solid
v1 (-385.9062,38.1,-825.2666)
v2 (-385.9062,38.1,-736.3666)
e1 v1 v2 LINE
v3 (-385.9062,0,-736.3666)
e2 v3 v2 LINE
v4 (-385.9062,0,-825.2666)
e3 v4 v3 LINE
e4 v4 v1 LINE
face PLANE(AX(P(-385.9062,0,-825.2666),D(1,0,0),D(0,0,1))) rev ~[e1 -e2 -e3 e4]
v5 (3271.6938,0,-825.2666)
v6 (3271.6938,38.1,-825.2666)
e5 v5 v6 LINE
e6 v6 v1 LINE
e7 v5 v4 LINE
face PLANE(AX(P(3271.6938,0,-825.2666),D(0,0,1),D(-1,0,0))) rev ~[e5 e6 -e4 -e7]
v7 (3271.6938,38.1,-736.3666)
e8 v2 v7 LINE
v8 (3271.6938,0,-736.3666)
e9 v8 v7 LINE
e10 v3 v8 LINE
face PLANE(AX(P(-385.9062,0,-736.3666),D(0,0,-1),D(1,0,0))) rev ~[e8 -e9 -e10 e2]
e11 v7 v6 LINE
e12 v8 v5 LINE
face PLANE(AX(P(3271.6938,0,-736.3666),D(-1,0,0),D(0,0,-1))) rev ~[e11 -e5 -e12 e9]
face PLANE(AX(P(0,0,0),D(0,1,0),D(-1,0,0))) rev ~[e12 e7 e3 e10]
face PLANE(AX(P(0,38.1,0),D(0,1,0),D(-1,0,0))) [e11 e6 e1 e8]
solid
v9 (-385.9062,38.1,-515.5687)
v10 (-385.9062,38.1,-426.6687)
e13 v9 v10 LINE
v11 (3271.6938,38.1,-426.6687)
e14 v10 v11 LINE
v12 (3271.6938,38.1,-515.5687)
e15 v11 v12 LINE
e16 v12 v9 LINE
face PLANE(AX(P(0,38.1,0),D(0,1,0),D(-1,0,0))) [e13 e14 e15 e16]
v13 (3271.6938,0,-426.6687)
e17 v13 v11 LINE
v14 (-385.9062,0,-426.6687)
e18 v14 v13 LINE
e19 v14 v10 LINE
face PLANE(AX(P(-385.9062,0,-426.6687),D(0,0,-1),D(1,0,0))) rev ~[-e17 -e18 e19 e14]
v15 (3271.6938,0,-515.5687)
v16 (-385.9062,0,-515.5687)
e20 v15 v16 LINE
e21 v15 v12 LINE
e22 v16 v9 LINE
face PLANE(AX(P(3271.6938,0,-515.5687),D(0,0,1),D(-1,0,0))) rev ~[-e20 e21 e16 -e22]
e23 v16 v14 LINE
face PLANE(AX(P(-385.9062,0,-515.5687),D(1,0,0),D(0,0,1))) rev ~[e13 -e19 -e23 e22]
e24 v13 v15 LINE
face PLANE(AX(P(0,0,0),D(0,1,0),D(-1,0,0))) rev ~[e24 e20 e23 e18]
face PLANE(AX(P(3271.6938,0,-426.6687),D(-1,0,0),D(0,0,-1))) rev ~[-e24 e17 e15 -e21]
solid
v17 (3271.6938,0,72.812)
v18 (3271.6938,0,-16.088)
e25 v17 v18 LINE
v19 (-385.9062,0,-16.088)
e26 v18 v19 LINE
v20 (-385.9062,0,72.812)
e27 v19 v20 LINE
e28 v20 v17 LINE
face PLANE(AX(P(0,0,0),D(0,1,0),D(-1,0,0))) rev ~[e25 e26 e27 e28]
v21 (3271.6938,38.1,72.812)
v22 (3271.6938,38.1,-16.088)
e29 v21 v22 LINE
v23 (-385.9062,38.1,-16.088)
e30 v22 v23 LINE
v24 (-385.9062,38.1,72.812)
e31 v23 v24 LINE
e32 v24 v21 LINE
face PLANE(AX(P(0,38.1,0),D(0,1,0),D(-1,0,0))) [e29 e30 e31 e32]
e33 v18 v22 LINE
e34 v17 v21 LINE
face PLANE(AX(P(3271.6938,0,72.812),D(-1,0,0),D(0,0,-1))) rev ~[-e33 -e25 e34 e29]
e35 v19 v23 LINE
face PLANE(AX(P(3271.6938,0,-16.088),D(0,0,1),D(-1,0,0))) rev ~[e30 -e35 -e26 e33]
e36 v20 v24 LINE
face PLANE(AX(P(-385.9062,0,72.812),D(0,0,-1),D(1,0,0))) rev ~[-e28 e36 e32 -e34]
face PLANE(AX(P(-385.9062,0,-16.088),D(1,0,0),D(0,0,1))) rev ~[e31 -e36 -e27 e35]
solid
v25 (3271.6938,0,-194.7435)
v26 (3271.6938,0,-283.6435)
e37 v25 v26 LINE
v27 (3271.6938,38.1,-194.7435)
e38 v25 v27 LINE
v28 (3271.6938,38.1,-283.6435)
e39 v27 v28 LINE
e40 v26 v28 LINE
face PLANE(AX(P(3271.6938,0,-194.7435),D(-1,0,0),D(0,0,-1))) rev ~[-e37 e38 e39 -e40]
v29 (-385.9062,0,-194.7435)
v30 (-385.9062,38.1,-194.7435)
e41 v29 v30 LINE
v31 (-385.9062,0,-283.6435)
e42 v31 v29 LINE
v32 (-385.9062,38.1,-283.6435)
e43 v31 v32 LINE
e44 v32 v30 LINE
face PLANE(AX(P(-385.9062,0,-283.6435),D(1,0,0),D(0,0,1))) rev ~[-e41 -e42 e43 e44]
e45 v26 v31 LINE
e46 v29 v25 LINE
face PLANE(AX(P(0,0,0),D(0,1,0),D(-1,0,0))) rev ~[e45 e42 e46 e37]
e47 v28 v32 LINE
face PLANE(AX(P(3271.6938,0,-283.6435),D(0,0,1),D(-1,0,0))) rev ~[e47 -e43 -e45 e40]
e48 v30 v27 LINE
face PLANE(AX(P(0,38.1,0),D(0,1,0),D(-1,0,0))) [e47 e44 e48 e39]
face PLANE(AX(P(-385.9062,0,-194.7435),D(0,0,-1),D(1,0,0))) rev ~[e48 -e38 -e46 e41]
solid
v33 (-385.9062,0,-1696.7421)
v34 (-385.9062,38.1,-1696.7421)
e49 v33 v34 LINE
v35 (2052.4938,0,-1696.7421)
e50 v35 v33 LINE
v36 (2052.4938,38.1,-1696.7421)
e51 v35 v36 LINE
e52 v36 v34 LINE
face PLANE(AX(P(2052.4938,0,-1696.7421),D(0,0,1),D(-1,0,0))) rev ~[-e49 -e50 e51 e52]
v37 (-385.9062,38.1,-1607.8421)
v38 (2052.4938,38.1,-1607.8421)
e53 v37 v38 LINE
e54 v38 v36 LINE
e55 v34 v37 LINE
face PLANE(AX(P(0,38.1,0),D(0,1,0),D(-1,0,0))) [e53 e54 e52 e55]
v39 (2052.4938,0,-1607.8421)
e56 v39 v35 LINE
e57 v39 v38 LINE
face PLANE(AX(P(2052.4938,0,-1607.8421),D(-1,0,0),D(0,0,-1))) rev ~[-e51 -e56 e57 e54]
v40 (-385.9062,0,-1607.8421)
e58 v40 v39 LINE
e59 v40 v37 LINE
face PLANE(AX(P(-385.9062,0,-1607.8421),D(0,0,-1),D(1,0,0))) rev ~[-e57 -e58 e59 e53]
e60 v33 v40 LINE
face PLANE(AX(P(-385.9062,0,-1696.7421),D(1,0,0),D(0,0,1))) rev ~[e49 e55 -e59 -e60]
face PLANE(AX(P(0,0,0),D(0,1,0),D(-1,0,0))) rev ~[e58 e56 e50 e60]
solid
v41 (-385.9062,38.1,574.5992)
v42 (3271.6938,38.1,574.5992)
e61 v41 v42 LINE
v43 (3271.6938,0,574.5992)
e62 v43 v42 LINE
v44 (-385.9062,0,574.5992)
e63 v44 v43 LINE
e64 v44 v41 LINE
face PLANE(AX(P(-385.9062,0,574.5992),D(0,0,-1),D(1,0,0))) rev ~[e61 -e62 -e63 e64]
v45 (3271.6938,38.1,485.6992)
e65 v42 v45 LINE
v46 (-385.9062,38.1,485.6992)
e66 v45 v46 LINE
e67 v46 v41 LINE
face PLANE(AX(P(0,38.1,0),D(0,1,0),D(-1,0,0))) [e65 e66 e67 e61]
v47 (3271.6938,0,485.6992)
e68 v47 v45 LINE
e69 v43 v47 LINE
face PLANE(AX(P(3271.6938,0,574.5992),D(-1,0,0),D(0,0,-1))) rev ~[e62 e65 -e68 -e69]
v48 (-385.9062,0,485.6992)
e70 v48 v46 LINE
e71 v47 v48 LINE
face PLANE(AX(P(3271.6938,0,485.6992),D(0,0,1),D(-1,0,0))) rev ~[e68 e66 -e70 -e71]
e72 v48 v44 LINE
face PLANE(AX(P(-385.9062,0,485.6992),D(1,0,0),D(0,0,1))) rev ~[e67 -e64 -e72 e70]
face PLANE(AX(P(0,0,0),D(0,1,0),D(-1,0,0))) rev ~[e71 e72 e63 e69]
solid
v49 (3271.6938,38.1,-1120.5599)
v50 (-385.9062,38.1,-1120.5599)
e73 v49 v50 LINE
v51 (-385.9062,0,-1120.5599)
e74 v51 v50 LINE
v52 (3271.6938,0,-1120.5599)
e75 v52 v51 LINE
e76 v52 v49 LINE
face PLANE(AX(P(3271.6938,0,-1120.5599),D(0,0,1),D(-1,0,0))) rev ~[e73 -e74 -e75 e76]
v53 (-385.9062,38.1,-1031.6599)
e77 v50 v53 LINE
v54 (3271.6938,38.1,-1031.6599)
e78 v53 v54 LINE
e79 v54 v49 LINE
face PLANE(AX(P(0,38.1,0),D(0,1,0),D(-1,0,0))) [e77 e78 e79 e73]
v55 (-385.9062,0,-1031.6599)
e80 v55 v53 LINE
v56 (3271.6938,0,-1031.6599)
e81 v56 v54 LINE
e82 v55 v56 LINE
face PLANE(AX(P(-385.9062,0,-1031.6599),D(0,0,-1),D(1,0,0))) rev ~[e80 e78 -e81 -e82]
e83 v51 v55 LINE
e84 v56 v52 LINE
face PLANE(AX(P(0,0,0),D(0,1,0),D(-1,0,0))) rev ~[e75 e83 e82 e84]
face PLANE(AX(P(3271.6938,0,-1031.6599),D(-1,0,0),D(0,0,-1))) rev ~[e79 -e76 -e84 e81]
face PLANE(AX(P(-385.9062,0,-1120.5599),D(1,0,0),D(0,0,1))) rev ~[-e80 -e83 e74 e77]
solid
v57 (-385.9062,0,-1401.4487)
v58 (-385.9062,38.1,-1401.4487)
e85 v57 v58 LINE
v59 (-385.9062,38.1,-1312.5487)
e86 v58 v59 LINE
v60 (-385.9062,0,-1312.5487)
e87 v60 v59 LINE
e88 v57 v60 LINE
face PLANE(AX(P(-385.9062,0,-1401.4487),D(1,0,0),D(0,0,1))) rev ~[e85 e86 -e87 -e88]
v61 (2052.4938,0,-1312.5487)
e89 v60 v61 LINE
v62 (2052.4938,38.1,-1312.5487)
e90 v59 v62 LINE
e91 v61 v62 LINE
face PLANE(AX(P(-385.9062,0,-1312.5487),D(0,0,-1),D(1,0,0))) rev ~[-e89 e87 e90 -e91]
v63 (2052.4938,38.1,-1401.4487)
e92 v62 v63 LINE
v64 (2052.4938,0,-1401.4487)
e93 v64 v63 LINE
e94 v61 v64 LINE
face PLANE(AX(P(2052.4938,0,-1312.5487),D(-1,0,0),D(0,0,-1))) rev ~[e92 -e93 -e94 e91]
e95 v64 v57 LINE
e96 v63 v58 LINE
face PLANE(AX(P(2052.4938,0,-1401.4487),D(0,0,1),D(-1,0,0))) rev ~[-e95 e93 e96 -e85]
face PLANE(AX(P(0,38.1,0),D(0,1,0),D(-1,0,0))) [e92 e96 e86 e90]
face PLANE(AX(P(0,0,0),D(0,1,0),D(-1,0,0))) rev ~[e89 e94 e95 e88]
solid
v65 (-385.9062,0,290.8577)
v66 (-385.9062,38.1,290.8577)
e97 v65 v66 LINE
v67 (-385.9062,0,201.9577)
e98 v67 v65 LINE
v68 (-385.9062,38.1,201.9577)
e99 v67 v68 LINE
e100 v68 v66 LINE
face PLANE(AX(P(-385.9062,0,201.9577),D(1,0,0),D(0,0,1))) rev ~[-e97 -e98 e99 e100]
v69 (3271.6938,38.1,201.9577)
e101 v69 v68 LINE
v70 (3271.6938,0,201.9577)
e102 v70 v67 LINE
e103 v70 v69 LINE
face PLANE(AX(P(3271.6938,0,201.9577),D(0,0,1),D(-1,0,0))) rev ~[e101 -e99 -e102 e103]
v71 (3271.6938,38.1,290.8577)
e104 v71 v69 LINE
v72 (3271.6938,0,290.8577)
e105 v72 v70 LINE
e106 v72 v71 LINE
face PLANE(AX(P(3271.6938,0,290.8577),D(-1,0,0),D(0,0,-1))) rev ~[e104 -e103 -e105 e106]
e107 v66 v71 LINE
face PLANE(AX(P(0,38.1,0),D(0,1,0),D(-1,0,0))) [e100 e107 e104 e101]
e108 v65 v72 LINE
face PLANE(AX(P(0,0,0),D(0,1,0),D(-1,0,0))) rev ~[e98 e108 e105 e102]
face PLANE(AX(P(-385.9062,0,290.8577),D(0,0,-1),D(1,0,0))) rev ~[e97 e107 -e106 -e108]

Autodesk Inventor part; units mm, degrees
ref_plane "YZ Plane" through (0, 0, 0) normal (1, 0, 0) x (0, 1, 0)
ref_plane "XZ Plane" through (0, 0, 0) normal (0, 1, 0) x (-1, 0, 0)
ref_plane "XY Plane" through (0, 0, 0) normal (0, 0, 1) x (1, 0, 0)
sketch "Sketch1" plane through (0, 0, 0) normal (0, 1, 0) x (-1, 0, 0)
  line L0 (385.9062, 574.5992) -> (-3271.6938, 574.5992)
  line L1 (-3271.6938, 574.5992) -> (-3271.6938, 485.6992)
  line L2 (-3271.6938, 485.6992) -> (385.9062, 485.6992)
  line L3 (385.9062, 485.6992) -> (385.9062, 574.5992)
  line L4 (385.9062, 290.8577) -> (-3271.6938, 290.8577)
  line L5 (-3271.6938, 290.8577) -> (-3271.6938, 201.9577)
  line L6 (-3271.6938, 201.9577) -> (385.9062, 201.9577)
  line L7 (385.9062, 201.9577) -> (385.9062, 290.8577)
  line L8 (385.9062, 72.812) -> (-3271.6938, 72.812)
  line L9 (-3271.6938, 72.812) -> (-3271.6938, -16.088)
  line L10 (-3271.6938, -16.088) -> (385.9062, -16.088)
  line L11 (385.9062, -16.088) -> (385.9062, 72.812)
  line L12 (385.9062, -194.7435) -> (-3271.6938, -194.7435)
  line L13 (-3271.6938, -194.7435) -> (-3271.6938, -283.6435)
  line L14 (-3271.6938, -283.6435) -> (385.9062, -283.6435)
  line L15 (385.9062, -283.6435) -> (385.9062, -194.7435)
  line L16 (385.9062, -426.6687) -> (-3271.6938, -426.6687)
  line L17 (-3271.6938, -426.6687) -> (-3271.6938, -515.5687)
  line L18 (-3271.6938, -515.5687) -> (385.9062, -515.5687)
  line L19 (385.9062, -515.5687) -> (385.9062, -426.6687)
  line L20 (385.9062, -736.3666) -> (-3271.6938, -736.3666)
  line L21 (-3271.6938, -736.3666) -> (-3271.6938, -825.2666)
  line L22 (-3271.6938, -825.2666) -> (385.9062, -825.2666)
  line L23 (385.9062, -825.2666) -> (385.9062, -736.3666)
  line L24 (385.9062, -1031.6599) -> (-3271.6938, -1031.6599)
  line L25 (-3271.6938, -1031.6599) -> (-3271.6938, -1120.5599)
  line L26 (-3271.6938, -1120.5599) -> (385.9062, -1120.5599)
  line L27 (385.9062, -1120.5599) -> (385.9062, -1031.6599)
  line L28 (385.9062, -1312.5487) -> (-2052.4938, -1312.5487)
  line L29 (-2052.4938, -1312.5487) -> (-2052.4938, -1401.4487)
  line L30 (-2052.4938, -1401.4487) -> (385.9062, -1401.4487)
  line L31 (385.9062, -1401.4487) -> (385.9062, -1312.5487)
  line L32 (385.9062, -1607.8421) -> (-2052.4938, -1607.8421)
  line L33 (-2052.4938, -1607.8421) -> (-2052.4938, -1696.7421)
  line L34 (-2052.4938, -1696.7421) -> (385.9062, -1696.7421)
  line L35 (385.9062, -1696.7421) -> (385.9062, -1607.8421)
  point P0 (0, 0)
extrude "Extrusion1" add sketch "Sketch1" along normal blind 38.1
sketch "Sketch2" plane through (0, 38.1, 0) normal (0, 1, 0) x (1, 0, 0)
  line L0 (-385.9062, -574.5992) -> (3271.6938, -574.5992) projected
  line L1 (3271.6938, -485.6992) -> (-385.9062, -485.6992) projected
  line L2 (-385.9062, -574.5992) -> (655.4938, -574.5992)
  line L3 (655.4938, -574.5992) -> (655.4938, -485.6992)
  line L4 (655.4938, -485.6992) -> (-385.9062, -485.6992)
  line L5 (-385.9062, -485.6992) -> (-385.9062, -574.5992)
  line L6 (655.4938, -574.5992) -> (1696.8938, -574.5992)
  line L7 (1696.8938, -574.5992) -> (1696.8938, -485.6992)
  line L8 (1696.8938, -485.6992) -> (655.4938, -485.6992)
  line L9 (655.4938, -485.6992) -> (655.4938, -574.5992)
  line L10 (1696.8938, -574.5992) -> (2738.2938, -574.5992)
  line L11 (2738.2938, -574.5992) -> (2738.2938, -485.6992)
  line L12 (2738.2938, -485.6992) -> (1696.8938, -485.6992)
  line L13 (1696.8938, -485.6992) -> (1696.8938, -574.5992)
  line L14 (2738.2938, -574.5992) -> (3195.4938, -574.5992)
  line L15 (3195.4938, -574.5992) -> (3195.4938, -485.6992)
  line L16 (3195.4938, -485.6992) -> (2738.2938, -485.6992)
  line L17 (2738.2938, -485.6992) -> (2738.2938, -574.5992)
  point P0 (0, 0)
  dimension "d14" = 1041.4
  dimension "d15" = 1041.4
  dimension "d16" = 1041.4
  dimension "d17" = 457.2
sketch "Sketch3" plane through (0, 38.1, 0) normal (0, 1, 0) x (1, 0, 0)
  point P0 (0, 0)
sketch "Sketch4" plane through (0, 38.1, 0) normal (0, 1, 0) x (1, 0, 0)
  line L0 (-385.9062, 1312.5487) -> (2052.4938, 1312.5487) projected
  line L1 (-385.9062, 1312.5487) -> (833.2938, 1312.5487)
  line L2 (833.2938, 1312.5487) -> (744.3938, 1312.5487)
  line L3 (833.2938, 1312.5487) -> (833.2938, 1401.4487)
  line L4 (2052.4938, 1401.4487) -> (-385.9062, 1401.4487) projected
  line L5 (-385.9062, 1607.8421) -> (2052.4938, 1607.8421) projected
  line L6 (2052.4938, 1696.7421) -> (-385.9062, 1696.7421) projected
  line L7 (-385.9062, 1607.8421) -> (833.2938, 1607.8421)
  line L8 (833.2938, 1607.8421) -> (833.2938, 1696.7421)
  line L9 (833.2938, 1696.7421) -> (-385.9062, 1696.7421)
  line L10 (-385.9062, 1696.7421) -> (-385.9062, 1607.8421)
  line L11 (1180.5013, 1687.0985) -> (2076.0674, 1687.0985) construction
  line L12 (2076.0674, 1687.0985) -> (2076.0674, 1614.1334) construction
  line L13 (2076.0674, 1614.1334) -> (1180.5013, 1614.1334) construction
  line L14 (1180.5013, 1614.1334) -> (1180.5013, 1687.0985) construction
  point P0 (0, 0)
  dimension "d20" = 1219.2
  dimension "d21" = 1219.2
  dimension "d22" = 1219.2
sketch "Sketch5" plane through (0, 38.1, 0) normal (0, 1, 0) x (1, 0, 0)
  line L0 (-385.9062, -290.8577) -> (3271.6938, -290.8577) projected
  line L1 (3271.6938, -201.9577) -> (-385.9062, -201.9577) projected
  line L2 (-385.9062, -290.8577) -> (1315.8938, -290.8577)
  line L3 (1315.8938, -201.9577) -> (-385.9062, -201.9577)
  line L4 (-385.9062, -201.9577) -> (-385.9062, -290.8577)
  line L5 (-385.9062, -290.8577) -> (160.1938, -290.8577)
  line L6 (160.1938, -290.8577) -> (160.1938, -201.9577)
  line L7 (160.1938, -201.9577) -> (-385.9062, -201.9577)
  line L8 (-385.9062, -201.9577) -> (-385.9062, -290.8577)
  line L9 (160.1938, -290.8577) -> (680.8938, -290.8577)
  line L10 (680.8938, -290.8577) -> (680.8938, -201.9577)
  line L11 (680.8938, -201.9577) -> (160.1938, -201.9577)
  line L12 (160.1938, -201.9577) -> (160.1938, -290.8577)
  line L13 (932.1842, -223.6309) -> (1676.0985, -223.6309) construction
  line L14 (1676.0985, -223.6309) -> (1676.0985, -290.8577) construction
  line L15 (1676.0985, -290.8577) -> (932.1842, -290.8577) construction
  line L16 (932.1842, -290.8577) -> (932.1842, -223.6309) construction
  line L17 (3271.6938, 16.088) -> (-385.9062, 16.088) projected
  line L18 (-385.9062, -72.812) -> (833.2938, -72.812)
  line L19 (833.2938, -72.812) -> (833.2938, 16.088)
  line L20 (833.2938, 16.088) -> (-385.9062, 16.088)
  line L21 (-385.9062, 16.088) -> (-385.9062, -72.812)
  line L22 (833.2938, -72.812) -> (1442.8938, -72.812)
  line L23 (1442.8938, -72.812) -> (1442.8938, 16.088)
  line L24 (1442.8938, 16.088) -> (833.2938, 16.088)
  line L25 (833.2938, 16.088) -> (833.2938, -72.812)
  line L26 (1670.5598, 2.7748) -> (2044.3097, 2.7748) construction
  line L27 (2044.3097, 2.7748) -> (2044.3097, -71.9751) construction
  line L28 (2044.3097, -71.9751) -> (1670.5598, -71.9751) construction
  line L29 (1670.5598, -71.9751) -> (1670.5598, 2.7748) construction
  line L30 (1674.5456, 270.567) -> (2048.2955, 270.567) construction
  line L31 (2048.2955, 270.567) -> (2048.2955, 195.8171) construction
  line L32 (2048.2955, 195.8171) -> (1674.5456, 195.8171) construction
  line L33 (1674.5456, 195.8171) -> (1674.5456, 270.567) construction
  line L34 (-385.9062, 283.6435) -> (-385.9062, 194.7435) projected
  line L35 (3271.6938, 283.6435) -> (-385.9062, 283.6435) projected
  line L36 (-385.9062, 194.7435) -> (833.2938, 194.7435)
  line L37 (833.2938, 194.7435) -> (833.2938, 283.6435)
  line L38 (833.2938, 283.6435) -> (-385.9062, 283.6435)
  line L39 (-385.9062, 283.6435) -> (-385.9062, 194.7435)
  line L40 (3271.6938, 515.5687) -> (-385.9062, 515.5687) projected
  line L41 (-385.9062, 426.6687) -> (655.4938, 426.6687)
  line L42 (655.4938, 426.6687) -> (655.4938, 515.5687)
  line L43 (655.4938, 515.5687) -> (-385.9062, 515.5687)
  line L44 (-385.9062, 515.5687) -> (-385.9062, 426.6687)
  line L45 (1112.7606, 503.511) -> (1856.6748, 503.511) construction
  line L46 (1856.6748, 503.511) -> (1856.6748, 436.2841) construction
  line L47 (1856.6748, 436.2841) -> (1112.7606, 436.2841) construction
  line L48 (1112.7606, 436.2841) -> (1112.7606, 503.511) construction
  line L49 (3271.6938, 825.2666) -> (-385.9062, 825.2666) projected
  line L50 (-385.9062, 736.3666) -> (833.2938, 736.3666)
  line L51 (833.2938, 736.3666) -> (833.2938, 825.2666)
  line L52 (833.2938, 825.2666) -> (-385.9062, 825.2666)
  line L53 (-385.9062, 825.2666) -> (-385.9062, 736.3666)
  line L54 (833.2938, 736.3666) -> (2052.4938, 736.3666)
  line L55 (2052.4938, 736.3666) -> (2052.4938, 825.2666)
  line L56 (2052.4938, 825.2666) -> (833.2938, 825.2666)
  line L57 (833.2938, 825.2666) -> (833.2938, 736.3666)
  line L58 (2052.4938, 736.3666) -> (3271.6938, 736.3666)
  line L59 (3271.6938, 736.3666) -> (3271.6938, 825.2666)
  line L60 (3271.6938, 825.2666) -> (2052.4938, 825.2666)
  line L61 (2052.4938, 825.2666) -> (2052.4938, 736.3666)
  line L62 (3271.6938, 1031.6599) -> (3271.6938, 1120.5599) projected
  line L63 (-385.9062, 1031.6599) -> (3271.6938, 1031.6599) projected
  line L64 (3271.6938, 1120.5599) -> (2052.4938, 1120.5599)
  line L65 (2052.4938, 1120.5599) -> (2052.4938, 1031.6599)
  line L66 (2052.4938, 1031.6599) -> (3271.6938, 1031.6599)
  line L67 (3271.6938, 1031.6599) -> (3271.6938, 1120.5599)
  line L68 (2052.4938, 1120.5599) -> (833.2938, 1120.5599)
  line L69 (833.2938, 1120.5599) -> (833.2938, 1031.6599)
  line L70 (833.2938, 1031.6599) -> (2052.4938, 1031.6599)
  line L71 (2052.4938, 1031.6599) -> (2052.4938, 1120.5599)
  line L72 (833.2938, 1031.6599) -> (-385.9062, 1031.6599)
  line L73 (-385.9062, 1031.6599) -> (-385.9062, 1120.5599)
  line L74 (-385.9062, 1120.5599) -> (833.2938, 1120.5599)
  line L75 (833.2938, 1120.5599) -> (833.2938, 1031.6599)
  line L76 (833.2938, 194.7435) -> (1423.8438, 194.7435)
  line L77 (1423.8438, 194.7435) -> (1423.8438, 283.6435)
  line L78 (1423.8438, 283.6435) -> (833.2938, 283.6435)
  line L79 (833.2938, 283.6435) -> (833.2938, 194.7435)
  point P0 (1278.9754, 436.2841)
  dimension "d24" = 546.1
  dimension "d25" = 520.7
  dimension "d27" = 1219.2
  dimension "d28" = 609.6
  dimension "d29" = 1219.2
  dimension "d30" = 1041.4
  dimension "d31" = 1219.2
  dimension "d32" = 1219.2
  dimension "d33" = 1219.2
  dimension "d34" = 1219.2
  dimension "d35" = 1219.2
  dimension "d36" = 1219.2
  dimension "d37" = 590.55
properties part number "Lshoulder cuts"
